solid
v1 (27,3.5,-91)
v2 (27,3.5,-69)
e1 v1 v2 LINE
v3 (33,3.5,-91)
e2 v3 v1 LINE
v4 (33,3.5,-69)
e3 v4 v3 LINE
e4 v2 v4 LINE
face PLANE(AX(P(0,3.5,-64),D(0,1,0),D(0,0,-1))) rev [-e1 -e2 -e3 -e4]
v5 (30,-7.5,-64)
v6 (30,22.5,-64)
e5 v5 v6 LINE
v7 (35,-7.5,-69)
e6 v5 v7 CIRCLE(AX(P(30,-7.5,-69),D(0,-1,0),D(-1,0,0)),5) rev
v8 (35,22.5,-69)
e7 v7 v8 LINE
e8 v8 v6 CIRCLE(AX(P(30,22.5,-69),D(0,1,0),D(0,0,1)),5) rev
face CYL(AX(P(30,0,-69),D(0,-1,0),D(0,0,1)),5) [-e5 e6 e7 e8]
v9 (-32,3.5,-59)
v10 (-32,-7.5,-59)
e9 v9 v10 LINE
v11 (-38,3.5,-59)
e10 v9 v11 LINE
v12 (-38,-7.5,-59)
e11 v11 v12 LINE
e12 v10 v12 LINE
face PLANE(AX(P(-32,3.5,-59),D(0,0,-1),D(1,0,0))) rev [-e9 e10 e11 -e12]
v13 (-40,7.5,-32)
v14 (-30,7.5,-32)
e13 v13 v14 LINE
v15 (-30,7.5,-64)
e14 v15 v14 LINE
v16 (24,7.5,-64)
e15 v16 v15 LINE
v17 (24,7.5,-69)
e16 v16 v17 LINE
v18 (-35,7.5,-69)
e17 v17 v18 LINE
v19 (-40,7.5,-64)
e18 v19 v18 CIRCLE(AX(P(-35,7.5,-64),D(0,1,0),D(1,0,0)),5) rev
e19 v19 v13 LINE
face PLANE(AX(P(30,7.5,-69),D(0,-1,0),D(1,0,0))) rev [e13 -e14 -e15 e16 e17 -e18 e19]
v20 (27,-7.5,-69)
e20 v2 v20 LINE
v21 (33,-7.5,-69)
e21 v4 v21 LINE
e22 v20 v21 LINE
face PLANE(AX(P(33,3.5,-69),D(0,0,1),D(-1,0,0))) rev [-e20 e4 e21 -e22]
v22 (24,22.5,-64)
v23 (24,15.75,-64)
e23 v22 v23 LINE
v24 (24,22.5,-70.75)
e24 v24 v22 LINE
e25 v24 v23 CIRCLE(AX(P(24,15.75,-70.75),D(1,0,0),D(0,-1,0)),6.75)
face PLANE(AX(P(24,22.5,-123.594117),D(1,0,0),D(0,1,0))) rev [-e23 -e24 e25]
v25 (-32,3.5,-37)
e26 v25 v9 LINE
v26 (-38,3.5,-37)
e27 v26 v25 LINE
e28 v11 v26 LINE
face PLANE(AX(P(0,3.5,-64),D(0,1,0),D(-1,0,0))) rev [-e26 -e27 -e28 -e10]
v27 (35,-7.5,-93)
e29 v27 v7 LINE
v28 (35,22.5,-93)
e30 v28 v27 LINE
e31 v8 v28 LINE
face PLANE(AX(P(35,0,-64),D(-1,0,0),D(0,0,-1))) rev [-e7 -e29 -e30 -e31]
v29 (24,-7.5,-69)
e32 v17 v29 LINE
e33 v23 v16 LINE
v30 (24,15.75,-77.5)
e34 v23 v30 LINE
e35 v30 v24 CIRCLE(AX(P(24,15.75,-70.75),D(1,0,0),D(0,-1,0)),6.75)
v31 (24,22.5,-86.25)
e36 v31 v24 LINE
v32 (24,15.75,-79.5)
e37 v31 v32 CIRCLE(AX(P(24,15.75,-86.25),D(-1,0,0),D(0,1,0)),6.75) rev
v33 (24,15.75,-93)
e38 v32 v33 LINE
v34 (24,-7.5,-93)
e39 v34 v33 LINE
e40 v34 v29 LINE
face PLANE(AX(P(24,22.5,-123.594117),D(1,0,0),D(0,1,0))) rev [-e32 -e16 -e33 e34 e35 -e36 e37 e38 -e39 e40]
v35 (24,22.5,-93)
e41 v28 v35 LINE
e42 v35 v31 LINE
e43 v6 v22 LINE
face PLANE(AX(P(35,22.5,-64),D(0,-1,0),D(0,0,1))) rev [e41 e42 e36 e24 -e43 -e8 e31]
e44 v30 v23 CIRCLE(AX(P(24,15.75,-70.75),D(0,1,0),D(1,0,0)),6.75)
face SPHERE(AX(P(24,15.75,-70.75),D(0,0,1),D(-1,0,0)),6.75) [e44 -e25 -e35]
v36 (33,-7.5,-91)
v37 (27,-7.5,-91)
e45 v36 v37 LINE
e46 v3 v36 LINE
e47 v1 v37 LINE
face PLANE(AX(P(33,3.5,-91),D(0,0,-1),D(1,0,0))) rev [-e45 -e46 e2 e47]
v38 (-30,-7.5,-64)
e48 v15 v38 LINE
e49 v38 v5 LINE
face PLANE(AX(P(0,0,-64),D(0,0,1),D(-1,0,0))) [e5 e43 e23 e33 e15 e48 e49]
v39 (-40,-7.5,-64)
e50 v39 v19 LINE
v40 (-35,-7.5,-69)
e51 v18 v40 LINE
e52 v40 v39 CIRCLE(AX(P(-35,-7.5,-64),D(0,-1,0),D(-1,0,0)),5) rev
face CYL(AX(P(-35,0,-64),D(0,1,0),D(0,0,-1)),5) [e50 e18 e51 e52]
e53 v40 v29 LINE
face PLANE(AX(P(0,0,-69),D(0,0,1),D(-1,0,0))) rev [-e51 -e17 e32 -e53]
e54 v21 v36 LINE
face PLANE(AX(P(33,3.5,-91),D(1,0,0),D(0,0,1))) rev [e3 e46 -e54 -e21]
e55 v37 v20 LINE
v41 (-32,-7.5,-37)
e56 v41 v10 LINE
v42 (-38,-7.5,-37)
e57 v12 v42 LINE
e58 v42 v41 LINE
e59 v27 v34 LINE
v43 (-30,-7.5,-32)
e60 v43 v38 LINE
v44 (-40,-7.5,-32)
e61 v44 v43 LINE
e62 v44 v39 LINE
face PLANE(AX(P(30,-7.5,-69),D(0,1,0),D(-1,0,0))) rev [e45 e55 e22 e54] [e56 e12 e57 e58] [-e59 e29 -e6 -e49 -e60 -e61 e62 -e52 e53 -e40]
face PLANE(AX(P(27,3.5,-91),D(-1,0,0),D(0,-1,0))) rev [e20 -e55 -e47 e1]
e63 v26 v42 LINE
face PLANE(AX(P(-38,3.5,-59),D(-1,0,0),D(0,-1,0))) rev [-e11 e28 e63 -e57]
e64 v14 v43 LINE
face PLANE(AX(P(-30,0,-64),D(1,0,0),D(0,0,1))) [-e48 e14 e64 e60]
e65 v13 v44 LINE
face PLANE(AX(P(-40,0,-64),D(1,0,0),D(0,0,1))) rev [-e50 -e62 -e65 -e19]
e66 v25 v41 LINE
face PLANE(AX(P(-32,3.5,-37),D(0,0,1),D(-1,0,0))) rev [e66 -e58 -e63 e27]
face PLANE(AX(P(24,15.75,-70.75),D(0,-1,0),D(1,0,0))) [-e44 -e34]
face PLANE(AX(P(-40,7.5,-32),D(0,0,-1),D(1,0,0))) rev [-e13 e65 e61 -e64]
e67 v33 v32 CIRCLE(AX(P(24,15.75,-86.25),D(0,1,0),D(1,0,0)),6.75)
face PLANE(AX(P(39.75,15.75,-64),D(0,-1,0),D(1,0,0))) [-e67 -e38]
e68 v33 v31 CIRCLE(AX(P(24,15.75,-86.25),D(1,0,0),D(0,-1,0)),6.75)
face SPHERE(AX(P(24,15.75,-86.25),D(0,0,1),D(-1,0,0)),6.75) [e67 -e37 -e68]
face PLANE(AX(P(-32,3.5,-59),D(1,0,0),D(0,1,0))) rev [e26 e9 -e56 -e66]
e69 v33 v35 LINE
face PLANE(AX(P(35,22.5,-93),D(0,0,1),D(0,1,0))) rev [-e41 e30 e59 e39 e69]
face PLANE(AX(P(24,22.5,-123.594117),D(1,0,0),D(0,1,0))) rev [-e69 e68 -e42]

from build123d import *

# Parameters (mm, degrees)
SKETCH1_W                       = 60
SKETCH1_H                       = 15
BOSS_EXTRUDE1_DEPTH             = 5
SKETCH2_W                       = 37
SKETCH2_H                       = 15
BOSS_EXTRUDE2_DEPTH             = 10
FILLET1_R                       = 5
SKETCH3_W                       = 29
SKETCH3_H                       = 30
BOSS_EXTRUDE3_DEPTH             = 5
FILLET2_R                       = 5
BOSS_EXTRUDE6_REACH             = 26
SKETCH8_W                       = 6
SKETCH8_H                       = 30
BOSS_EXTRUDE6_DIRECTION_2_REACH = 39
SKETCH7_W                       = 6
SKETCH7_H                       = 22
CUT_EXTRUDE3_DEPTH              = 11
REVOLVE1_ANGLE                  = 90


with BuildPart() as part:
    # Sketch1 → Boss-Extrude1 (new body)
    with BuildSketch(Plane.XY):
        Rectangle(SKETCH1_W, SKETCH1_H)
    extrude(amount=BOSS_EXTRUDE1_DEPTH)

    # Sketch2 → Boss-Extrude2 (add)
    with BuildSketch(Plane.ZY.offset(30)):
        with Locations((-13.5, 0)):
            Rectangle(SKETCH2_W, SKETCH2_H)
    extrude(amount=BOSS_EXTRUDE2_DEPTH)

    # Fillet1
    fillet1_edges = [part.edges().sort_by_distance(p)[0] for p in [
        (-40, 0, 5),
    ]]
    fillet(fillet1_edges, radius=FILLET1_R)

    # Sketch3 → Boss-Extrude3 (add)
    with BuildSketch(Plane(origin=(30, 0, 0), x_dir=(0, 0, -1), z_dir=(1, 0, 0))):
        with Locations((-14.5, 7.5)):
            Rectangle(SKETCH3_W, SKETCH3_H)
    extrude(amount=BOSS_EXTRUDE3_DEPTH)

    # Fillet2
    fillet2_edges = [part.edges().sort_by_distance(p)[0] for p in [
        (35, 7.5, 0),
    ]]
    fillet(fillet2_edges, radius=FILLET2_R)

    # Boss-Extrude6: up to this face of the body (flat: up to its plane)
    boss_extrude6_end = Plane(part.part.faces().sort_by_distance((32.5, 7.5, 29))[0])
    # Sketch8 → Boss-Extrude6 (add, up to the picked face)
    with BuildSketch(Plane.XY.offset(5), mode=Mode.PRIVATE) as boss_extrude6_sk1:
        with Locations((27, 7.5)):
            Rectangle(SKETCH8_W, SKETCH8_H)
    boss_extrude6_tool1 = split(extrude(boss_extrude6_sk1.sketch, amount=BOSS_EXTRUDE6_REACH, mode=Mode.PRIVATE), bisect_by=boss_extrude6_end, keep=Keep.BOTH, mode=Mode.PRIVATE)
    add(boss_extrude6_tool1.solids().sort_by(Axis((27, 7.5, 5), (0, 0, 1)))[0])

    # Boss-Extrude6 direction 2: up to this face of the body (flat: up to its plane)
    boss_extrude6_direction_2_end = Plane(part.part.faces().sort_by_distance((0, 0, 0))[0])
    # Sketch8 → Boss-Extrude6 direction 2 (add, up to the picked face)
    with BuildSketch(Plane.XY.offset(5), mode=Mode.PRIVATE) as boss_extrude6_direction_2_sk1:
        with Locations((27, 7.5)):
            Rectangle(SKETCH8_W, SKETCH8_H)
    boss_extrude6_direction_2_tool1 = split(extrude(boss_extrude6_direction_2_sk1.sketch, amount=-BOSS_EXTRUDE6_DIRECTION_2_REACH, mode=Mode.PRIVATE), bisect_by=boss_extrude6_direction_2_end, keep=Keep.BOTH, mode=Mode.PRIVATE)
    add(boss_extrude6_direction_2_tool1.solids().sort_by(Axis((27, 7.5, 5), (0, 0, -1)))[0])

    # Sketch7 → Cut-Extrude3 (cut)
    with BuildSketch(Plane.XZ.offset(7.5)):
        with Locations((30, 16)):
            Rectangle(SKETCH7_W, SKETCH7_H)
        with Locations((-35, -16)):
            Rectangle(SKETCH7_W, SKETCH7_H)
    extrude(amount=-CUT_EXTRUDE3_DEPTH, mode=Mode.SUBTRACT)

    # Sketch9 → Revolve1 (revolve)
    with BuildSketch(Plane.ZY.offset(-24)):
        with BuildLine():
            Line((15.5, 15.75), (29, 15.75))
            ThreePointArc((29, 15.75), (22.25, 22.5), (15.5, 15.75))
        make_face()
        with BuildLine():
            ThreePointArc((13.5, 15.75), (6.75, 22.5), (0, 15.75))
            Line((0, 15.75), (13.5, 15.75))
        make_face()
    revolve(axis=Axis((24, 15.75, 0), (0, 0, 1)), revolution_arc=REVOLVE1_ANGLE)


with BuildPart() as body_2:
    # Mirror1: mirrored copy
    add(part.part.mirror(Plane(origin=(-40, 7.5, -32), x_dir=(1, 0, 0), z_dir=(0, 0, 1))))


solid = body_2.part
